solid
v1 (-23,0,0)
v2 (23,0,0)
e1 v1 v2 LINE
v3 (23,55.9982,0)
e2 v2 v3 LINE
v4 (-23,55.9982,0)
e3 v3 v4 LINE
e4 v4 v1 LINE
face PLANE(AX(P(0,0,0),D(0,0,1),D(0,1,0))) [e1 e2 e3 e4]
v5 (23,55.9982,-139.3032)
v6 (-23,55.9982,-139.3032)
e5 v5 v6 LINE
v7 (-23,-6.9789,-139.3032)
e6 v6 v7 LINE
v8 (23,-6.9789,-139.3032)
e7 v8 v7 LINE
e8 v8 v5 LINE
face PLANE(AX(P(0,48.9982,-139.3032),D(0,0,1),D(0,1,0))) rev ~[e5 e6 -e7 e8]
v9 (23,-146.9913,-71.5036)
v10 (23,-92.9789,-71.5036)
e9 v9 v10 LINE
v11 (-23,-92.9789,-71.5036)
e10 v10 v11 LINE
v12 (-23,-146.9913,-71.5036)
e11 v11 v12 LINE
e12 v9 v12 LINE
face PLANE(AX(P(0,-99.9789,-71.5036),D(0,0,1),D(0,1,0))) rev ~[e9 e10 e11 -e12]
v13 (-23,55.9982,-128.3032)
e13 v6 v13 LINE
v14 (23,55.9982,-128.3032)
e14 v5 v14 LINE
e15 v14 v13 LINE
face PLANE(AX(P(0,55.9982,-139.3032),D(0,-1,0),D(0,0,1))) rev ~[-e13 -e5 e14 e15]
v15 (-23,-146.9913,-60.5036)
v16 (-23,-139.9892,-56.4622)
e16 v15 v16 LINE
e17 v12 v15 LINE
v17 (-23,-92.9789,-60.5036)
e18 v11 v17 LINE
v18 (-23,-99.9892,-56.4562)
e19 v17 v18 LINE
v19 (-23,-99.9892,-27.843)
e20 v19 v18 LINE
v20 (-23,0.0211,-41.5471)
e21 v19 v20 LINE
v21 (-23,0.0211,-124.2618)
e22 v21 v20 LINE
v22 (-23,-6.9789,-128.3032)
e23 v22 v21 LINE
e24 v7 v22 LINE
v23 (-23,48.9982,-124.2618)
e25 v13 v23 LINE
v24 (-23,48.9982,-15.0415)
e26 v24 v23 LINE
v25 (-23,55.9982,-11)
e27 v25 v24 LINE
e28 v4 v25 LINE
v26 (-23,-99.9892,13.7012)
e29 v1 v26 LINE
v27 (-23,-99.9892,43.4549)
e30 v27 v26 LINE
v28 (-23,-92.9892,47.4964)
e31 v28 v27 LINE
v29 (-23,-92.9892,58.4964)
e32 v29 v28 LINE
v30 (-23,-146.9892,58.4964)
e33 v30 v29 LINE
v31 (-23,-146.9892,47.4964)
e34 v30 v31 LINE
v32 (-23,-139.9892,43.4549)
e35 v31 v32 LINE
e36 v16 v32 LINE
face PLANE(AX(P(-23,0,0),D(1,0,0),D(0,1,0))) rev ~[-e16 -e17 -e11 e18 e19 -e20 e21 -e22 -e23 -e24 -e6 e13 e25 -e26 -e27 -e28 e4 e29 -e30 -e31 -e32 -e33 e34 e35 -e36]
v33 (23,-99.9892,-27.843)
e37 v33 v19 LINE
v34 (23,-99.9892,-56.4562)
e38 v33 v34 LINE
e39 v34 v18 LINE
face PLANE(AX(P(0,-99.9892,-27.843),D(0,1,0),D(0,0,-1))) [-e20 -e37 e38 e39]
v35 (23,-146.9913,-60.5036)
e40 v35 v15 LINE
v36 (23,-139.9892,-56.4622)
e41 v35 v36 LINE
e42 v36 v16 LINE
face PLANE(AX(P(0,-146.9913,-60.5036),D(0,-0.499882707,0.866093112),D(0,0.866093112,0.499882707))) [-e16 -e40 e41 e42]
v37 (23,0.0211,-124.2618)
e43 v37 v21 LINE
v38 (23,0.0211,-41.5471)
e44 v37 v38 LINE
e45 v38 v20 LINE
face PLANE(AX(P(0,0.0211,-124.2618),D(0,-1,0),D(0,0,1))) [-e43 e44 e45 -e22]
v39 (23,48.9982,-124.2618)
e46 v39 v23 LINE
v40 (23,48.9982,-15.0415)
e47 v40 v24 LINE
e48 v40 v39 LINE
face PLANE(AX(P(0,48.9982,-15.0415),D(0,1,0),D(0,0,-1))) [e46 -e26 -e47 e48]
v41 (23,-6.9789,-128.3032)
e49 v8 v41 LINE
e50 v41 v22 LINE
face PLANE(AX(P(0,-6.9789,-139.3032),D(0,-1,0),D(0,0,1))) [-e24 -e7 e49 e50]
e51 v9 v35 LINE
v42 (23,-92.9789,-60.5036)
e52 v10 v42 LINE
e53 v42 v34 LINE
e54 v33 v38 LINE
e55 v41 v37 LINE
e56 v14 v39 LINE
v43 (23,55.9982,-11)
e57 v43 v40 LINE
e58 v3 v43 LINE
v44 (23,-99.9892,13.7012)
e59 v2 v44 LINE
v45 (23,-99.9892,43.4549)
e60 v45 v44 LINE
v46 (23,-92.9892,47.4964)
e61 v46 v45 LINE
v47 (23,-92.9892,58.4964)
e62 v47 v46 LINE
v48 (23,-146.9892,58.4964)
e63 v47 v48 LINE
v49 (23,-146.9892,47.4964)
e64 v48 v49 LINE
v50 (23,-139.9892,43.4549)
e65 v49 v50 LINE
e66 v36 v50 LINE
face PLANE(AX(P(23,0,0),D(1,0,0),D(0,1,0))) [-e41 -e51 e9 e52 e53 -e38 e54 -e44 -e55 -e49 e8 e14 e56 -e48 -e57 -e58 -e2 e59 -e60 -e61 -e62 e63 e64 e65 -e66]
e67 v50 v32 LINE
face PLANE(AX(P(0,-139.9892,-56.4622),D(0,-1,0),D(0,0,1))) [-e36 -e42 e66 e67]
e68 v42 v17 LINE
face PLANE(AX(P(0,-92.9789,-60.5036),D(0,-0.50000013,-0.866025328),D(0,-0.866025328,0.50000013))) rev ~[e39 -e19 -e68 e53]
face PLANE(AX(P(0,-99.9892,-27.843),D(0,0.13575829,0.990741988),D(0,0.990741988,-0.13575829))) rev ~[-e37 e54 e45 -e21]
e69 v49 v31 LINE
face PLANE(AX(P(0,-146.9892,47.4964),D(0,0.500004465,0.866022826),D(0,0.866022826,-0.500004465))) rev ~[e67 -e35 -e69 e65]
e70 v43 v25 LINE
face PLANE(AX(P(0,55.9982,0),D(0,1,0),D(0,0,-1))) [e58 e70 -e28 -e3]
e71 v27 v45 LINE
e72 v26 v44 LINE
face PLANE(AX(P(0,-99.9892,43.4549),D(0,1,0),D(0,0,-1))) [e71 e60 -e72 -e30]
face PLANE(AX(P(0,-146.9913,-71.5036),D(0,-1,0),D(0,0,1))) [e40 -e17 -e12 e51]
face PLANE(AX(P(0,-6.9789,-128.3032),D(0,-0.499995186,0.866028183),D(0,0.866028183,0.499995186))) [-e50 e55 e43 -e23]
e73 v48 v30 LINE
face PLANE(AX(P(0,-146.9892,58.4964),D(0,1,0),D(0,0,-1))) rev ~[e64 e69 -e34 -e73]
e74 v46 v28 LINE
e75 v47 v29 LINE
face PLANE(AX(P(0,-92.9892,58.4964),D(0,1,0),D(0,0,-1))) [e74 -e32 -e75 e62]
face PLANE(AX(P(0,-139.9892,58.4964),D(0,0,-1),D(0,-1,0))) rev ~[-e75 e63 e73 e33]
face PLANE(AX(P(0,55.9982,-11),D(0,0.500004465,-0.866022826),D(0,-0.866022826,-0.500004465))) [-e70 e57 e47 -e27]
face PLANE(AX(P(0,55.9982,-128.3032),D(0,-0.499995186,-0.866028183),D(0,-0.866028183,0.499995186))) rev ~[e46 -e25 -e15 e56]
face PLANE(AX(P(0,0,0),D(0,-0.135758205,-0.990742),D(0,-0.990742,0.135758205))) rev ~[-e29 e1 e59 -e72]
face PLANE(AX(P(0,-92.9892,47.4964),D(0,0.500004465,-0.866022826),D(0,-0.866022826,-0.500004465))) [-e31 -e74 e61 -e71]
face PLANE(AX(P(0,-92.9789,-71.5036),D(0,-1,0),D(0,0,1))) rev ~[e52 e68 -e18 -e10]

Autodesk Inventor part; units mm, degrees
ref_plane "YZ Plane" through (0, 0, 0) normal (1, 0, 0) x (0, 1, 0)
ref_plane "XZ Plane" through (0, 0, 0) normal (0, 1, 0) x (-1, 0, 0)
ref_plane "XY Plane" through (0, 0, 0) normal (0, 0, 1) x (1, 0, 0)
sketch "Sketch3" plane through (0, 0, 0) normal (1, 0, 0) x (0, 1, 0)
  line L0 (0, 0) -> (48.9982, 0)
  line L1 (48.9982, -15.0415) -> (48.9982, -124.2618)
  line L2 (48.9982, -139.3032) -> (0.0211, -139.3032)
  line L3 (0.0211, -124.2618) -> (0.0211, -41.5471)
  line L4 (0, 0) -> (-99.9892, 13.7012)
  line L5 (-99.9892, -27.843) -> (0.0211, -41.5471)
  line L6 (48.9982, -139.3032) -> (55.9982, -139.3032)
  line L7 (55.9982, -139.3032) -> (55.9982, -128.3032)
  line L8 (55.9982, -128.3032) -> (48.9982, -124.2618)
  line L9 (48.9982, 0) -> (55.9982, 0)
  line L10 (55.9982, 0) -> (55.9982, -11)
  line L11 (55.9982, -11) -> (48.9982, -15.0415)
  line L12 (0.0211, -139.3032) -> (-6.9789, -139.3032)
  line L13 (-6.9789, -139.3032) -> (-6.9789, -128.3032)
  line L14 (-6.9789, -128.3032) -> (0.0211, -124.2618)
  line L15 (-148.6902, -63.3226) -> (-148.65, -63.3226)
  line L16 (-99.9892, -27.843) -> (-99.9892, -56.4562)
  line L17 (-99.9789, -71.5036) -> (-139.9913, -71.5036)
  line L18 (-139.9892, -56.4622) -> (-139.9892, 43.4549)
  line L19 (-139.9892, 58.4964) -> (-99.9892, 58.4964)
  line L20 (-99.9892, 43.4549) -> (-99.9892, 13.7012)
  line L21 (-99.9789, -71.5036) -> (-92.9789, -71.5036)
  line L22 (-92.9789, -71.5036) -> (-92.9789, -60.5036)
  line L23 (-92.9789, -60.5036) -> (-99.9892, -56.4562)
  line L24 (-139.9913, -71.5036) -> (-146.9913, -71.5036)
  line L25 (-146.9913, -71.5036) -> (-146.9913, -60.5036)
  line L26 (-146.9913, -60.5036) -> (-139.9892, -56.4622)
  line L27 (-139.9892, 58.4964) -> (-146.9892, 58.4964)
  line L28 (-146.9892, 58.4964) -> (-146.9892, 47.4964)
  line L29 (-146.9892, 47.4964) -> (-139.9892, 43.4549)
  line L30 (-99.9892, 58.4964) -> (-92.9892, 58.4964)
  line L31 (-92.9892, 58.4964) -> (-92.9892, 47.4964)
  line L32 (-92.9892, 47.4964) -> (-99.9892, 43.4549)
  dimension "d11" = 120
  dimension "d12" = 7
  dimension "d13" = 11
  dimension "d16" = 130
  dimension "d17" = 40
  dimension "d18" = 7
  dimension "d19" = 11
  dimension "d20" = 120
  dimension "d21" = 120
extrude "Extrusion1" add sketch "Sketch3" along normal mid plane 46
sketch "Sketch4" plane through (23, 0.0211, -41.5471) normal (0, -0.1358, -0.9907) x (-1, 0, 0)
  line L0 (0, -5.6613) -> (0, -106.5849) projected
  line L1 (4.6881, -26.5876) -> (4.6881, -87.9351)
  line L2 (4.6881, -87.9351) -> (0, -92.5468)
  line L3 (-2.0913, -87.9351) -> (56.7354, -87.9351) construction
  line L4 (4.6881, -26.5876) -> (0, 0)
  line L5 (46, 0) -> (0, 0) projected
  line L6 (-9.1248, -26.5258) -> (54.948, -26.5258) construction
  line L7 (46, 0) -> (46, -100.9449) projected
  line L8 (46, 0) -> (41.3228, -26.5258)
  line L9 (41.3228, -26.5258) -> (41.3228, -87.9351)
  line L10 (41.3228, -87.9351) -> (46, -92.5468)
  line L11 (46, -106.5849) -> (46, -5.6613) projected
  point P0 (23, -5.6613)
  dimension "d25" = 80
  dimension "d26" = 80
sketch "Sketch5" plane through (23, 0.0211, -41.5471) normal (0, -0.1358, -0.9907) x (-1, 0, 0)
  point P0 (23, -5.6613)
properties part number "Big Housing"
